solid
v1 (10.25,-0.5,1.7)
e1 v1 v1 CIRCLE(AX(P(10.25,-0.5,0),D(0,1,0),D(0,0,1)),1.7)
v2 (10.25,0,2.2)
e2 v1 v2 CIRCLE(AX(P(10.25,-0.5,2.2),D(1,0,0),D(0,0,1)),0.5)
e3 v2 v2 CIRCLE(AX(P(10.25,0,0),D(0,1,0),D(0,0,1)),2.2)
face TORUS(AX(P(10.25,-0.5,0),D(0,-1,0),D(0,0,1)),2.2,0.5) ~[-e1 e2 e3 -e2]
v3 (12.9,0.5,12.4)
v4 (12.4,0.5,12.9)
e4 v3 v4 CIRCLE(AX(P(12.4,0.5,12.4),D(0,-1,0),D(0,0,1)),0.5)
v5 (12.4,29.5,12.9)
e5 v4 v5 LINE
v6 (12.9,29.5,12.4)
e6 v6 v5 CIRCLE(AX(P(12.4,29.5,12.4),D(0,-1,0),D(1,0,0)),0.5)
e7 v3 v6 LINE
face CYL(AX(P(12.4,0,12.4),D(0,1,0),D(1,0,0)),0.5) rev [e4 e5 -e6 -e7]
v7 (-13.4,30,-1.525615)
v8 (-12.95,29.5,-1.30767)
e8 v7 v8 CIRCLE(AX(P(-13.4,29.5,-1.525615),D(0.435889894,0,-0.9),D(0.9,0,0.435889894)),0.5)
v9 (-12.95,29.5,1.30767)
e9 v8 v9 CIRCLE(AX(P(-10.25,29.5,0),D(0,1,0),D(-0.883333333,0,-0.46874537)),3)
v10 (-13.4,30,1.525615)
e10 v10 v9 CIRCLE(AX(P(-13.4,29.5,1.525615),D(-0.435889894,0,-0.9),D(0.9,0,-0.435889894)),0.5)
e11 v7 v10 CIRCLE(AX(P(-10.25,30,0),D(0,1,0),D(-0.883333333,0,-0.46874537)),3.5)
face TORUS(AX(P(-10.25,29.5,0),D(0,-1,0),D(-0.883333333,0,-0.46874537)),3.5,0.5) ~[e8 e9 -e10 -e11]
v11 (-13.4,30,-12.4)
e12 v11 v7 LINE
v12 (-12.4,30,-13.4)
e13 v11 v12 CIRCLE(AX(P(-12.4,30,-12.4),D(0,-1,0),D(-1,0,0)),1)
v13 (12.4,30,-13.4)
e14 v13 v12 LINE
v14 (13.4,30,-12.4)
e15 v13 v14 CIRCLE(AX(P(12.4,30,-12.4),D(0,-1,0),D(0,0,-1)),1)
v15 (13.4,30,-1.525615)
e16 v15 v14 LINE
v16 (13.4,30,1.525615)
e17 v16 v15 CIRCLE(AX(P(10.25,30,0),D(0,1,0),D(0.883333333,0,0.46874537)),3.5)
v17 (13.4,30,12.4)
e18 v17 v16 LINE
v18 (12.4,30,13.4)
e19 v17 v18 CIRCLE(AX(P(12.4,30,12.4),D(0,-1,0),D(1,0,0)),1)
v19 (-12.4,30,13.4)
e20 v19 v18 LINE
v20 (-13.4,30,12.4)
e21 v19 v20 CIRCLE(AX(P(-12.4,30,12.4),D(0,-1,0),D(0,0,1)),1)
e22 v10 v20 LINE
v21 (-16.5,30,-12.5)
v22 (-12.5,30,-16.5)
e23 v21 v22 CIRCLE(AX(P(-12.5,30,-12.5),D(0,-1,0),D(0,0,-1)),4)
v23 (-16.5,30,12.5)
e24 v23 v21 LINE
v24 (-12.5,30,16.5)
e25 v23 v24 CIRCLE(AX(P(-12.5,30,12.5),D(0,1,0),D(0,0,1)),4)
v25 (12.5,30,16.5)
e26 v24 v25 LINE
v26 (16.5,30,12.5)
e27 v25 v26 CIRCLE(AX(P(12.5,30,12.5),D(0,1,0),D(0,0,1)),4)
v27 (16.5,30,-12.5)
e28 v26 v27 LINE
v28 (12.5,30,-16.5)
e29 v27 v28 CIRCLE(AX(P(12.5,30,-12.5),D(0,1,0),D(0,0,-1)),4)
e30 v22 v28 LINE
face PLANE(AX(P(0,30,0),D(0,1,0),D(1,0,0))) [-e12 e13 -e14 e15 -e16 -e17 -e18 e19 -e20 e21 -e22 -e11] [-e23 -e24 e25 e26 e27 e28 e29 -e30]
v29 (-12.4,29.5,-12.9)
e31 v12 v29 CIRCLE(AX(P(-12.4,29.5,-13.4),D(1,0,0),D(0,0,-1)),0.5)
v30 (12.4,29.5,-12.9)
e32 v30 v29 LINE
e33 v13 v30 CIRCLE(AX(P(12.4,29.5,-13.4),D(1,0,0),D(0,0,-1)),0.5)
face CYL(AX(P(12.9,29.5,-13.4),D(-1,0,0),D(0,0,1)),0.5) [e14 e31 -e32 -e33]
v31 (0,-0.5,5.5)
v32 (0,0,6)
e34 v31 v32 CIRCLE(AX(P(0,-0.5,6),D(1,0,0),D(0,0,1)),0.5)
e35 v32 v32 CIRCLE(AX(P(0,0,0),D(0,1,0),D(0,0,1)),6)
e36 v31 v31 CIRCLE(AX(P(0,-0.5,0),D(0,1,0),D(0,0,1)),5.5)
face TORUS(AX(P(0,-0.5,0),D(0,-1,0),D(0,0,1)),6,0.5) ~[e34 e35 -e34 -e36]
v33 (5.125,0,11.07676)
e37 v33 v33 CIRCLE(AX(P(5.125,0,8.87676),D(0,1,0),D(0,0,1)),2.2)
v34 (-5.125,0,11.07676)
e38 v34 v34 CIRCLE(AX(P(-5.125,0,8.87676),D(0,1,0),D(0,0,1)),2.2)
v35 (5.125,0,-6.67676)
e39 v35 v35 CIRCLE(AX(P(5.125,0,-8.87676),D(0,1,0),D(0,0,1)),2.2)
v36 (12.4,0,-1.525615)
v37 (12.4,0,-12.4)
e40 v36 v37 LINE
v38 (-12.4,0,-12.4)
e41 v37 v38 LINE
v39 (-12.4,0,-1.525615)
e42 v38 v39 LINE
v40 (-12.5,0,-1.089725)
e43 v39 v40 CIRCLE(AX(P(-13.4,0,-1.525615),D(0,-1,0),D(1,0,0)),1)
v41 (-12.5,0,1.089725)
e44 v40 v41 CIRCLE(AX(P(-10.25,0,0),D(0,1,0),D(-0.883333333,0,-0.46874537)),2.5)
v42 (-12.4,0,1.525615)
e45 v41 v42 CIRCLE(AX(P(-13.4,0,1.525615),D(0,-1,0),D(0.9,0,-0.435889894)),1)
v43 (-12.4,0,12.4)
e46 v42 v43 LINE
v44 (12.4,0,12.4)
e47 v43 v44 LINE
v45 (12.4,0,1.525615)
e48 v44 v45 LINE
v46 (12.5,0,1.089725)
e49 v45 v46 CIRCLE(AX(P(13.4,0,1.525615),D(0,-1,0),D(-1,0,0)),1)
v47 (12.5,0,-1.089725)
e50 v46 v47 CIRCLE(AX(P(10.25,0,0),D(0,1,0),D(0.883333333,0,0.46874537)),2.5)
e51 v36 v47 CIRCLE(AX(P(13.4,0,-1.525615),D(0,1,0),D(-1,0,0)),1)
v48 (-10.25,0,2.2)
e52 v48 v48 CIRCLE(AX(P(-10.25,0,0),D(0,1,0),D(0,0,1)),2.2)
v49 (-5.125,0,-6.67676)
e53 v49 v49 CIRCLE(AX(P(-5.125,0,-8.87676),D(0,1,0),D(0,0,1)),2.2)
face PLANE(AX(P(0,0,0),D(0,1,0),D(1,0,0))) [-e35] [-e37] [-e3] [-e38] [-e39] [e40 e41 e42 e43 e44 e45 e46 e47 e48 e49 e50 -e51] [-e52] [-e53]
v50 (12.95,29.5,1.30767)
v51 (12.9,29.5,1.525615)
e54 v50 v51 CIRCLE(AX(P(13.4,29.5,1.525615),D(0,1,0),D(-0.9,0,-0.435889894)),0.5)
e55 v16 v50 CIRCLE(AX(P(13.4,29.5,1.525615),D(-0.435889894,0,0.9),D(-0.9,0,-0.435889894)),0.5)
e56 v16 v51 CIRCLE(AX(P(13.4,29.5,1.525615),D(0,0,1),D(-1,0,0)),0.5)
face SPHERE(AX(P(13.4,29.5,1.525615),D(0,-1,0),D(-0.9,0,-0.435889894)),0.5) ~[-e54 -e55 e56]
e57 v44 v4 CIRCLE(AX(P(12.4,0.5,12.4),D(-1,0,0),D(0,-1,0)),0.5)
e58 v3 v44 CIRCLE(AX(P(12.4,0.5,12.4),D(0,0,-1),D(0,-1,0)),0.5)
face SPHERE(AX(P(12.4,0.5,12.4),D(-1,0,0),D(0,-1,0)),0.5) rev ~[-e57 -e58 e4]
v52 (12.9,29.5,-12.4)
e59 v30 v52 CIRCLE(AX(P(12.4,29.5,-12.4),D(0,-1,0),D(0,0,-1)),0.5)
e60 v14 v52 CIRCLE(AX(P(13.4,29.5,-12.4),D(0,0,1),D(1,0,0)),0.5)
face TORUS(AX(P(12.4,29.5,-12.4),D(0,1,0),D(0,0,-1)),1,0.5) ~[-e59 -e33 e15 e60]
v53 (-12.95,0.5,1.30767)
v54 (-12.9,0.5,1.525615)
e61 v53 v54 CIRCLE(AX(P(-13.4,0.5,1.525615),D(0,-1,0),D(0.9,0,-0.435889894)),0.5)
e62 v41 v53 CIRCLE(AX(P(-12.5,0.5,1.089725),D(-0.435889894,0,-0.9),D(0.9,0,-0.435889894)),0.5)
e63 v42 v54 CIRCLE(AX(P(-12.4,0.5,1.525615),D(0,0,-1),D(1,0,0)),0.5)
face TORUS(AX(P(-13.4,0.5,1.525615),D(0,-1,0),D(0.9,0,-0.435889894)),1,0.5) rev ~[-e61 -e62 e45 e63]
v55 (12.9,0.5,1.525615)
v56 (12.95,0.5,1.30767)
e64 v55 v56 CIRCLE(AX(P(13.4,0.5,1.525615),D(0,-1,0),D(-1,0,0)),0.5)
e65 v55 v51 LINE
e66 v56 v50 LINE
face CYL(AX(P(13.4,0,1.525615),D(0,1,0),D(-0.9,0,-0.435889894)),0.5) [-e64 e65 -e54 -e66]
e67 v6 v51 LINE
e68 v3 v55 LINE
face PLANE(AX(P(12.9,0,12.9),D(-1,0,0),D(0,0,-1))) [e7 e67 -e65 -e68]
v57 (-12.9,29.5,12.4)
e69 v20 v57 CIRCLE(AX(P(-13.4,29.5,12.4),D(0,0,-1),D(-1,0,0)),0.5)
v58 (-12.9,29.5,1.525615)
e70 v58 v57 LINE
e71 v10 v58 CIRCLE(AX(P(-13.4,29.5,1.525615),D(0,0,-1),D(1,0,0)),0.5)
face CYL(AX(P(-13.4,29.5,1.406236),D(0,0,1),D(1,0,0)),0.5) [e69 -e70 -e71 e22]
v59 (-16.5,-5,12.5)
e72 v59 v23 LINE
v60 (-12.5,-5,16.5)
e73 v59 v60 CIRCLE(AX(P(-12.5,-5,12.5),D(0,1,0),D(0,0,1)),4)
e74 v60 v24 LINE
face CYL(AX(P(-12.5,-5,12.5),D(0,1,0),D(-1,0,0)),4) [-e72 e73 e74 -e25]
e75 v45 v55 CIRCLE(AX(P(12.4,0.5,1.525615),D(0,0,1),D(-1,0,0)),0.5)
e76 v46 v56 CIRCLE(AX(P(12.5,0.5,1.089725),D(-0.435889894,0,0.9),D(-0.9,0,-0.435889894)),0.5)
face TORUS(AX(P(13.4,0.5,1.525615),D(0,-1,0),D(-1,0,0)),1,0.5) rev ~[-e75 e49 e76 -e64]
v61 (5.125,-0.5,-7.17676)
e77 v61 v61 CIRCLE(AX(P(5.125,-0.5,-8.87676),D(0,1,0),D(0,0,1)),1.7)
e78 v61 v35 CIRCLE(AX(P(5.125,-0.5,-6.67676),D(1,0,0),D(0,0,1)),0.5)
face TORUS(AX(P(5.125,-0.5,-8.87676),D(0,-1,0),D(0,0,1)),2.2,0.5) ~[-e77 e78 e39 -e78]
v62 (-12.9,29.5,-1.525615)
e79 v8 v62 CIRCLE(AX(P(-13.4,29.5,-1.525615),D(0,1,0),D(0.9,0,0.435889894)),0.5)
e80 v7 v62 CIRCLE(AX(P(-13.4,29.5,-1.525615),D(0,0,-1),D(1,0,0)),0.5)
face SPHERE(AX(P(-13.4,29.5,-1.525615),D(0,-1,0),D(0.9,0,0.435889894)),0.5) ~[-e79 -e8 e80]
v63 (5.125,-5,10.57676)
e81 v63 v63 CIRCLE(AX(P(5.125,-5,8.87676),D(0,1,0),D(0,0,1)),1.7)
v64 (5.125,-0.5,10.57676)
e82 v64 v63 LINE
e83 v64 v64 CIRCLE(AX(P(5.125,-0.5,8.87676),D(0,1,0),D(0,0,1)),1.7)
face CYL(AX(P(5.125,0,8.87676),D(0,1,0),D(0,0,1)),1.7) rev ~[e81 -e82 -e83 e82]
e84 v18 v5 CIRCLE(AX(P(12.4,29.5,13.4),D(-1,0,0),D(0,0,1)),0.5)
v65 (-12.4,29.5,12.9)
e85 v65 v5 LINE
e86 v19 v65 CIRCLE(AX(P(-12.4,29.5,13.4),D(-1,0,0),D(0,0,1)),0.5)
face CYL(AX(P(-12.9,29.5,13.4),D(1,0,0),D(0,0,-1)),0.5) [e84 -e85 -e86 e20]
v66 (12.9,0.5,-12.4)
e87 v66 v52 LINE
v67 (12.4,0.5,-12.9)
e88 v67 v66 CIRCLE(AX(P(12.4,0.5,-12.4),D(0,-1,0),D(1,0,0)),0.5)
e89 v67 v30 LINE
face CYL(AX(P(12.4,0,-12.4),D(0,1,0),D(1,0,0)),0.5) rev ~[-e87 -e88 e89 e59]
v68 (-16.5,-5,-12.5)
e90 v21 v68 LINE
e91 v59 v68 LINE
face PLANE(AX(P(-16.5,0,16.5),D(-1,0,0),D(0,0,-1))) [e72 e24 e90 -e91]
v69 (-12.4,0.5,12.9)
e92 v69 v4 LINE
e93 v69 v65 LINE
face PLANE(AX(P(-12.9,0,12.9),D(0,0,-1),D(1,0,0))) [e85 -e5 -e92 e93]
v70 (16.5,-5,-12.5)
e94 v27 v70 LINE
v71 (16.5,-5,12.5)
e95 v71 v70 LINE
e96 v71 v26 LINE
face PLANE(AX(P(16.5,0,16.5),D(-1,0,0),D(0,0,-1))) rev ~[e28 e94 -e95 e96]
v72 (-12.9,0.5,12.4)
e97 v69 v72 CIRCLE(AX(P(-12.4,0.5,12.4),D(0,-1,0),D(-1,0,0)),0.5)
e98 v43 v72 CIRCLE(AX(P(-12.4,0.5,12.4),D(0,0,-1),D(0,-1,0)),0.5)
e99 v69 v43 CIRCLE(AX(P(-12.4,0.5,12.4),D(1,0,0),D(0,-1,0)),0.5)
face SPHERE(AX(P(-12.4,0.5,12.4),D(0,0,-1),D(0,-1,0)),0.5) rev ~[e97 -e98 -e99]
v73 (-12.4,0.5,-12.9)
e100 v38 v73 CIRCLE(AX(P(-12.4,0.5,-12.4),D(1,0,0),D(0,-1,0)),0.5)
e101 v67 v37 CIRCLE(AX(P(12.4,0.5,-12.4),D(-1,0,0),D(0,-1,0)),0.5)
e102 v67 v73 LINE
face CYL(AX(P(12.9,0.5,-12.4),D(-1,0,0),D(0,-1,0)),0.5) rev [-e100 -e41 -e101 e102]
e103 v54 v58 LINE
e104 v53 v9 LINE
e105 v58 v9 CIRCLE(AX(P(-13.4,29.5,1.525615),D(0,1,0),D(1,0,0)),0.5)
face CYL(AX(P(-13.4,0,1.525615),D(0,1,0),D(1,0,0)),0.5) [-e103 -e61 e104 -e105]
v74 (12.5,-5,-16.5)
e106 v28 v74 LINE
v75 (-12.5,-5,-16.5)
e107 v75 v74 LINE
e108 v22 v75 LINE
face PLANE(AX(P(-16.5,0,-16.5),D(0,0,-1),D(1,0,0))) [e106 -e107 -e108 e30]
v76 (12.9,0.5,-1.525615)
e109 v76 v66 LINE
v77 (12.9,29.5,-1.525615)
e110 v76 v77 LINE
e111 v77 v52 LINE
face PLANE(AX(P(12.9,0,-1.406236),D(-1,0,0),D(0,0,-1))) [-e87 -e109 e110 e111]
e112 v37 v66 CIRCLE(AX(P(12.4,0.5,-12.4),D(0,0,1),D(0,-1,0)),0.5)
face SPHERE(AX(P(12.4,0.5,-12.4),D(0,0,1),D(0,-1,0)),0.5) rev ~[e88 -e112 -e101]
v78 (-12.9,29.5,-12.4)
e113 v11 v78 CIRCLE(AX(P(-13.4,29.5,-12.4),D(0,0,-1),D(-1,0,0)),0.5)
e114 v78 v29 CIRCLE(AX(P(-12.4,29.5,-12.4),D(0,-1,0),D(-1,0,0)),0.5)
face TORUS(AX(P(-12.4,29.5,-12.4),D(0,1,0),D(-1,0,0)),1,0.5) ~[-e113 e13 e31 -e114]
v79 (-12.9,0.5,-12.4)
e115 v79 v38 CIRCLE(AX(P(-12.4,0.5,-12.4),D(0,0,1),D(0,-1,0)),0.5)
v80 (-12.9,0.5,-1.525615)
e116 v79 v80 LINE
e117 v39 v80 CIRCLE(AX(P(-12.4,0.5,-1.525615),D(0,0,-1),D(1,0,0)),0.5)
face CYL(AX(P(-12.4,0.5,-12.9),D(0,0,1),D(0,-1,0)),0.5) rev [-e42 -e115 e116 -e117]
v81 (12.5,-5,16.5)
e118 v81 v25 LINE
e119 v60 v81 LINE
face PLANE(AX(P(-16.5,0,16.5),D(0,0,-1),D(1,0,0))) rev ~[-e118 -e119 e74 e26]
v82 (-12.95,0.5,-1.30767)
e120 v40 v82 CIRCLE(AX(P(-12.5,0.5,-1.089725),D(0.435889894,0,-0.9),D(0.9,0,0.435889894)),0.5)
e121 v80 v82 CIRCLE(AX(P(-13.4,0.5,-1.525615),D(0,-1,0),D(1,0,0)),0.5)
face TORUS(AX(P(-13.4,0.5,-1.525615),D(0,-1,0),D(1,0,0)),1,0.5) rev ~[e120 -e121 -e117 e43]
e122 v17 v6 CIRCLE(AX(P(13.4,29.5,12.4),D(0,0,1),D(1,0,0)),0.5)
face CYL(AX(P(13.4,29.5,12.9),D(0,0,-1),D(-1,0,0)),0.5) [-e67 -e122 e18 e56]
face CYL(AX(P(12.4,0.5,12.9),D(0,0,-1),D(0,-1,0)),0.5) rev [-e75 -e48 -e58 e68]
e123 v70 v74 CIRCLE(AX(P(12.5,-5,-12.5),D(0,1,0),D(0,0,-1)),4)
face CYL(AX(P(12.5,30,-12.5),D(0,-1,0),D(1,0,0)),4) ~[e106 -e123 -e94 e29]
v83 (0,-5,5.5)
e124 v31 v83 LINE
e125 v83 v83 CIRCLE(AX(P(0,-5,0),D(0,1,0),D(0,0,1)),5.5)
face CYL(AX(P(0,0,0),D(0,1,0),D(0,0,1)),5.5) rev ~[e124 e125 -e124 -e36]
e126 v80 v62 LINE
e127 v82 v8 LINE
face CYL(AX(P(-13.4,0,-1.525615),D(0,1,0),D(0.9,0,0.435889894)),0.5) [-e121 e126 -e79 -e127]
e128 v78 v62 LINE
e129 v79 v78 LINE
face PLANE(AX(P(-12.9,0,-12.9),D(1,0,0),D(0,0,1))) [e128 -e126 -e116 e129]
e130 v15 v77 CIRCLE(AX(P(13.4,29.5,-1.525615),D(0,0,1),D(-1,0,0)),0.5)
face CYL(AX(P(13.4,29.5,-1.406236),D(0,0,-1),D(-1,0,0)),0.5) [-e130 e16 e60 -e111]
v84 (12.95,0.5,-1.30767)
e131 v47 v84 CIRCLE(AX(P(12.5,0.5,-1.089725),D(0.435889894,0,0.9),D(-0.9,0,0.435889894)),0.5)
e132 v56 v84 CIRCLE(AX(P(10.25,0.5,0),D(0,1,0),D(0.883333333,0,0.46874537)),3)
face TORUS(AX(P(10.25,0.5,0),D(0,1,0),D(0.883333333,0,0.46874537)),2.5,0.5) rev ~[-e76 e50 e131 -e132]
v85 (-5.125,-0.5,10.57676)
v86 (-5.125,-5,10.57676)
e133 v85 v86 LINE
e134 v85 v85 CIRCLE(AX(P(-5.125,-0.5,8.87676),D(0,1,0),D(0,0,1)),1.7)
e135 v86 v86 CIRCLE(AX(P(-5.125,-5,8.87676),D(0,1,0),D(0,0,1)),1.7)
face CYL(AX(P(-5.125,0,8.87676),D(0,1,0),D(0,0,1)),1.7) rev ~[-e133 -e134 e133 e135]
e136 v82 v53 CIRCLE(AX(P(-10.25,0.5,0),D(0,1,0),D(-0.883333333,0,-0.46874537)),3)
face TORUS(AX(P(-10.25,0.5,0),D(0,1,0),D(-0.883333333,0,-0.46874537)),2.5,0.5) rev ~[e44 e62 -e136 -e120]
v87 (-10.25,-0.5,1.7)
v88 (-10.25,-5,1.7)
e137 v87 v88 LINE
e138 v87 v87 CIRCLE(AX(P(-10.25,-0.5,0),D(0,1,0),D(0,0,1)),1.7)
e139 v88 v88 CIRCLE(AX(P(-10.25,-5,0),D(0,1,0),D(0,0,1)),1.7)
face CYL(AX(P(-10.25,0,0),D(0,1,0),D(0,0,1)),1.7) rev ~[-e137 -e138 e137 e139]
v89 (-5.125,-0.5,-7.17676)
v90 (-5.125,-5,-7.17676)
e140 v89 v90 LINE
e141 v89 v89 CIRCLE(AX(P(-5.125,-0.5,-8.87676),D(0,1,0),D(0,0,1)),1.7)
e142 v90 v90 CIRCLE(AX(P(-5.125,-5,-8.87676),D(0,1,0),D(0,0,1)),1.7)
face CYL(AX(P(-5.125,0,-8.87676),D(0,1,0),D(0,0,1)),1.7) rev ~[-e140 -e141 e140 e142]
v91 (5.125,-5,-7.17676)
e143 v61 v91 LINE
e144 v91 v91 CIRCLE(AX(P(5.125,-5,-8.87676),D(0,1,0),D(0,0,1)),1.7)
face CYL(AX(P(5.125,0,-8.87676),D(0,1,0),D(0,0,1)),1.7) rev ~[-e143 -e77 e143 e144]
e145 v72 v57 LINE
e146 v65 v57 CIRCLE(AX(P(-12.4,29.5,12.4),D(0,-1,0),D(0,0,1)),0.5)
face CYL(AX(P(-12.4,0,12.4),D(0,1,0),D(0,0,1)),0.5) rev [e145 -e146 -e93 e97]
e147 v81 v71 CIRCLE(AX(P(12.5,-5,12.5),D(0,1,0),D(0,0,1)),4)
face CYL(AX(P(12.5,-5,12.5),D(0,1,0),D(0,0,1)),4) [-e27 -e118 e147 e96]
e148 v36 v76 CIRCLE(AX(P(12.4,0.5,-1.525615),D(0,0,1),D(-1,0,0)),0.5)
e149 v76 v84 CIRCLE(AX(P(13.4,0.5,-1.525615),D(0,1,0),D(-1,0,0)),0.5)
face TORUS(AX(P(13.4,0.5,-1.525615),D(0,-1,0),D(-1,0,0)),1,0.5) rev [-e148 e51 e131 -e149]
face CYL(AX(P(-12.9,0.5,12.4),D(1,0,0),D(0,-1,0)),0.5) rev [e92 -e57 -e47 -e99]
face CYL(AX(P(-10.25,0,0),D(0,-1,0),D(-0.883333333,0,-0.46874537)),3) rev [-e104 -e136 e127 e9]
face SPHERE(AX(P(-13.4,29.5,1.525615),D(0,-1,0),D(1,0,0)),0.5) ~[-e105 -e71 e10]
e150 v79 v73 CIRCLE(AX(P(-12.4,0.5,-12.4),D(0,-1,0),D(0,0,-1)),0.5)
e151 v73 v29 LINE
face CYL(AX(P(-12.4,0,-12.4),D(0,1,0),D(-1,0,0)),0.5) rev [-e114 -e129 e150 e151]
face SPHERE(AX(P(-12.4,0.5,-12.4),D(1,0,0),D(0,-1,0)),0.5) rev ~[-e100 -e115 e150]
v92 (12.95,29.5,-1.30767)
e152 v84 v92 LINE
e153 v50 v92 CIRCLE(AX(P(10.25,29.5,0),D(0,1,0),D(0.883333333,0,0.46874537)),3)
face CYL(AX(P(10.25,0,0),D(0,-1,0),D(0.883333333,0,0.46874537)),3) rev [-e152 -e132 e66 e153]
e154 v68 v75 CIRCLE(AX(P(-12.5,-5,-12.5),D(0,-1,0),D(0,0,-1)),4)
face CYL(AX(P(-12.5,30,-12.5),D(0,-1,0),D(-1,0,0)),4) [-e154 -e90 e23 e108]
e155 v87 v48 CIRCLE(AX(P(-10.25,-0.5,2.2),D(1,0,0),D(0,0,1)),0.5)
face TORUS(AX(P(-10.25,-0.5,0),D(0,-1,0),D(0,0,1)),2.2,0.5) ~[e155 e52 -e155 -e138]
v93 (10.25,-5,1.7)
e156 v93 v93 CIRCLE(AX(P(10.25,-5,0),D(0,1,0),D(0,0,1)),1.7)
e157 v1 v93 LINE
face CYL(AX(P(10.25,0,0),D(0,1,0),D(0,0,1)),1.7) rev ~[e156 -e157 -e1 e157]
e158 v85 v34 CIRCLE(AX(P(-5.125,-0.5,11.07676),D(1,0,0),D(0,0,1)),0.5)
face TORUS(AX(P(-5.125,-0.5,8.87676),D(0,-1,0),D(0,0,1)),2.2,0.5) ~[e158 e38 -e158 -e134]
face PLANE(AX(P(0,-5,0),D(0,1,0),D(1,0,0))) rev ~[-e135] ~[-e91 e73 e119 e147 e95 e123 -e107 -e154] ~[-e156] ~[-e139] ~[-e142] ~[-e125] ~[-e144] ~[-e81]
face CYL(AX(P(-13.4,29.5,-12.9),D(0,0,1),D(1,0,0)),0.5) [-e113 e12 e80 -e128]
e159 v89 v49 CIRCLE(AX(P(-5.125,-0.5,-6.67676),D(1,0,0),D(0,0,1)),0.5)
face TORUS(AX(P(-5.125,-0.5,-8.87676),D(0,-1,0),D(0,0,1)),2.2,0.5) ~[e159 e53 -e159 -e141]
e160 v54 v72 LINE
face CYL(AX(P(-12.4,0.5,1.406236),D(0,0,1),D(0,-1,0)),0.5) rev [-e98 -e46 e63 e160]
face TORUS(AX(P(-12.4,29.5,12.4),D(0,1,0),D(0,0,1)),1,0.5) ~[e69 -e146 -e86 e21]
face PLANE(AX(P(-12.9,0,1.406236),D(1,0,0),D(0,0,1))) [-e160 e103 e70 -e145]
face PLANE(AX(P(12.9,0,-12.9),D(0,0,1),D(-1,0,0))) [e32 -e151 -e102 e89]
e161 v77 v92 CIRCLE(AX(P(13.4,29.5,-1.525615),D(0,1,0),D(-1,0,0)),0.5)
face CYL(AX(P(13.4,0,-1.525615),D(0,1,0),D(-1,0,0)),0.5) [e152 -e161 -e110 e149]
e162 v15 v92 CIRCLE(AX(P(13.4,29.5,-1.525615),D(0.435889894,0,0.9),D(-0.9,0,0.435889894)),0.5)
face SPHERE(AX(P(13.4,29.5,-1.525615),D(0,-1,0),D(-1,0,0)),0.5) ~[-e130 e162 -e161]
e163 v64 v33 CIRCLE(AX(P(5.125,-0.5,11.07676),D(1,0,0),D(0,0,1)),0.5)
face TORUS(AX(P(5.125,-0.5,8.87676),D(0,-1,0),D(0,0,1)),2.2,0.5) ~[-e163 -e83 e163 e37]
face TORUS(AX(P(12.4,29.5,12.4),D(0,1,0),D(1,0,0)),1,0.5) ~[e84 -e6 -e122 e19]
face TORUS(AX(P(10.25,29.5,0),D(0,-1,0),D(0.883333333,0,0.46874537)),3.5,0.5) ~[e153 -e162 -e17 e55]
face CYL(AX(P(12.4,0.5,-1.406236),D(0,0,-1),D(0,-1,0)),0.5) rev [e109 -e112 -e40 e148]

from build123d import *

# Parameters (mm, degrees)
SKIZZE1_W                       = 33
SKIZZE1_H                       = 33
SKIZZE1_R                       = 1.7
SKIZZE1_R_2                     = 5.5
AUFSATZ_LINEAR_AUSTRAGEN1_DEPTH = 5
SKIZZE2_W                       = 33
SKIZZE2_H                       = 33
AUFSATZ_LINEAR_AUSTRAGEN2_DEPTH = 30
VERRUNDUNG1_R                   = 4
VERRUNDUNG4_R                   = 0.5
VERRUNDUNG5_R                   = 0.5


with BuildPart() as part:
    # Skizze1 → Aufsatz-Linear austragen1 (new body)
    with BuildSketch(Plane(origin=(0, 0, 0), x_dir=(1, 0, 0), z_dir=(0, 1, 0))):
        Rectangle(SKIZZE1_W, SKIZZE1_H)
        with Locations(Location((10.25, 0, 0), (0, 0, 270))):
            Circle(SKIZZE1_R, mode=Mode.SUBTRACT)
        with Locations(Location((5.125, -8.876760389, 0), (0, 0, 270))):
            Circle(SKIZZE1_R, mode=Mode.SUBTRACT)
        with Locations(Location((-5.125, -8.876760389, 0), (0, 0, 270))):
            Circle(SKIZZE1_R, mode=Mode.SUBTRACT)
        with Locations(Location((-10.25, 0, 0), (0, 0, 270))):
            Circle(SKIZZE1_R, mode=Mode.SUBTRACT)
        with Locations(Location((-5.125, 8.876760389, 0), (0, 0, 270))):
            Circle(SKIZZE1_R, mode=Mode.SUBTRACT)
        with Locations(Location((5.125, 8.876760389, 0), (0, 0, 270))):
            Circle(SKIZZE1_R, mode=Mode.SUBTRACT)
        with Locations(Location((0, 0, 0), (0, 0, 270))):
            Circle(SKIZZE1_R_2, mode=Mode.SUBTRACT)
    extrude(amount=-AUFSATZ_LINEAR_AUSTRAGEN1_DEPTH)

    # Skizze2 → Aufsatz-Linear austragen2 (add)
    with BuildSketch(Plane(origin=(0, 0, 0), x_dir=(1, 0, 0), z_dir=(0, 1, 0))):
        Rectangle(SKIZZE2_W, SKIZZE2_H)
        with BuildLine():
            Line((12.9, 12.9), (7.592597401, 12.9))
            Line((7.592597401, 12.9), (-2.657402599, 12.9))
            Line((-2.657402599, 12.9), (-12.9, 12.9))
            Line((-12.9, 12.9), (-12.9, 3.905508149))
            Line((-12.9, 3.905508149), (-12.9, 1.406236111))
            ThreePointArc((-12.9, 1.406236111), (-13.25, 0), (-12.9, -1.406236111))
            Line((-12.9, -1.406236111), (-12.9, -12.9))
            Line((-12.9, -12.9), (-7.592597401, -12.9))
            Line((-7.592597401, -12.9), (12.9, -12.9))
            Line((12.9, -12.9), (12.9, -3.905508149))
            Line((12.9, -3.905508149), (12.9, -1.406236111))
            ThreePointArc((12.9, -1.406236111), (13.25, 0), (12.9, 1.406236111))
            Line((12.9, 1.406236111), (12.9, 12.9))
        make_face(mode=Mode.SUBTRACT)
    extrude(amount=AUFSATZ_LINEAR_AUSTRAGEN2_DEPTH)

    # Verrundung1
    verrundung1_edges = [part.edges().sort_by_distance(p)[0] for p in [
        (-16.5, 12.5, -16.5),
        (16.5, 12.5, -16.5),
        (16.5, 12.5, 16.5),
        (-16.5, 12.5, 16.5),
    ]]
    fillet(verrundung1_edges, radius=VERRUNDUNG1_R)

    # Verrundung4
    verrundung4_edges = [part.edges().sort_by_distance(p)[0] for p in [
        (-10.25, 0, -1.7),
        (-5.125, 0, -10.576760389),
        (5.125, 0, -10.576760389),
        (10.25, 0, -1.7),
        (-5.125, 0, 7.176760389),
        (5.125, 0, 7.176760389),
        (0, 0, -5.5),
    ]]
    fillet(verrundung4_edges, radius=VERRUNDUNG4_R)

    # Verrundung5
    verrundung5_edges = [part.edges().sort_by_distance(p)[0] for p in [
        (12.9, 0, -7.153118056),
        (0, 0, -12.9),
        (-12.9, 0, -7.153118056),
        (-13.25, 0, 0),
        (-12.9, 0, 7.153118056),
        (0, 0, 12.9),
        (12.9, 0, 7.153118056),
        (13.25, 0, 0),
        (12.9, 30, -7.153118056),
        (12.9, 15, -12.9),
        (0, 30, -12.9),
        (-12.9, 15, -12.9),
        (-12.9, 30, -7.153118056),
        (-12.9, 15, -1.406236111),
        (-13.25, 30, 0),
        (-12.9, 15, 1.406236111),
        (-12.9, 30, 7.153118056),
        (-12.9, 15, 12.9),
        (0, 30, 12.9),
        (12.9, 15, 12.9),
        (12.9, 30, 7.153118056),
        (12.9, 15, 1.406236111),
        (13.25, 30, 0),
        (12.9, 15, -1.406236111),
    ]]
    fillet(verrundung5_edges, radius=VERRUNDUNG5_R)


solid = part.part
